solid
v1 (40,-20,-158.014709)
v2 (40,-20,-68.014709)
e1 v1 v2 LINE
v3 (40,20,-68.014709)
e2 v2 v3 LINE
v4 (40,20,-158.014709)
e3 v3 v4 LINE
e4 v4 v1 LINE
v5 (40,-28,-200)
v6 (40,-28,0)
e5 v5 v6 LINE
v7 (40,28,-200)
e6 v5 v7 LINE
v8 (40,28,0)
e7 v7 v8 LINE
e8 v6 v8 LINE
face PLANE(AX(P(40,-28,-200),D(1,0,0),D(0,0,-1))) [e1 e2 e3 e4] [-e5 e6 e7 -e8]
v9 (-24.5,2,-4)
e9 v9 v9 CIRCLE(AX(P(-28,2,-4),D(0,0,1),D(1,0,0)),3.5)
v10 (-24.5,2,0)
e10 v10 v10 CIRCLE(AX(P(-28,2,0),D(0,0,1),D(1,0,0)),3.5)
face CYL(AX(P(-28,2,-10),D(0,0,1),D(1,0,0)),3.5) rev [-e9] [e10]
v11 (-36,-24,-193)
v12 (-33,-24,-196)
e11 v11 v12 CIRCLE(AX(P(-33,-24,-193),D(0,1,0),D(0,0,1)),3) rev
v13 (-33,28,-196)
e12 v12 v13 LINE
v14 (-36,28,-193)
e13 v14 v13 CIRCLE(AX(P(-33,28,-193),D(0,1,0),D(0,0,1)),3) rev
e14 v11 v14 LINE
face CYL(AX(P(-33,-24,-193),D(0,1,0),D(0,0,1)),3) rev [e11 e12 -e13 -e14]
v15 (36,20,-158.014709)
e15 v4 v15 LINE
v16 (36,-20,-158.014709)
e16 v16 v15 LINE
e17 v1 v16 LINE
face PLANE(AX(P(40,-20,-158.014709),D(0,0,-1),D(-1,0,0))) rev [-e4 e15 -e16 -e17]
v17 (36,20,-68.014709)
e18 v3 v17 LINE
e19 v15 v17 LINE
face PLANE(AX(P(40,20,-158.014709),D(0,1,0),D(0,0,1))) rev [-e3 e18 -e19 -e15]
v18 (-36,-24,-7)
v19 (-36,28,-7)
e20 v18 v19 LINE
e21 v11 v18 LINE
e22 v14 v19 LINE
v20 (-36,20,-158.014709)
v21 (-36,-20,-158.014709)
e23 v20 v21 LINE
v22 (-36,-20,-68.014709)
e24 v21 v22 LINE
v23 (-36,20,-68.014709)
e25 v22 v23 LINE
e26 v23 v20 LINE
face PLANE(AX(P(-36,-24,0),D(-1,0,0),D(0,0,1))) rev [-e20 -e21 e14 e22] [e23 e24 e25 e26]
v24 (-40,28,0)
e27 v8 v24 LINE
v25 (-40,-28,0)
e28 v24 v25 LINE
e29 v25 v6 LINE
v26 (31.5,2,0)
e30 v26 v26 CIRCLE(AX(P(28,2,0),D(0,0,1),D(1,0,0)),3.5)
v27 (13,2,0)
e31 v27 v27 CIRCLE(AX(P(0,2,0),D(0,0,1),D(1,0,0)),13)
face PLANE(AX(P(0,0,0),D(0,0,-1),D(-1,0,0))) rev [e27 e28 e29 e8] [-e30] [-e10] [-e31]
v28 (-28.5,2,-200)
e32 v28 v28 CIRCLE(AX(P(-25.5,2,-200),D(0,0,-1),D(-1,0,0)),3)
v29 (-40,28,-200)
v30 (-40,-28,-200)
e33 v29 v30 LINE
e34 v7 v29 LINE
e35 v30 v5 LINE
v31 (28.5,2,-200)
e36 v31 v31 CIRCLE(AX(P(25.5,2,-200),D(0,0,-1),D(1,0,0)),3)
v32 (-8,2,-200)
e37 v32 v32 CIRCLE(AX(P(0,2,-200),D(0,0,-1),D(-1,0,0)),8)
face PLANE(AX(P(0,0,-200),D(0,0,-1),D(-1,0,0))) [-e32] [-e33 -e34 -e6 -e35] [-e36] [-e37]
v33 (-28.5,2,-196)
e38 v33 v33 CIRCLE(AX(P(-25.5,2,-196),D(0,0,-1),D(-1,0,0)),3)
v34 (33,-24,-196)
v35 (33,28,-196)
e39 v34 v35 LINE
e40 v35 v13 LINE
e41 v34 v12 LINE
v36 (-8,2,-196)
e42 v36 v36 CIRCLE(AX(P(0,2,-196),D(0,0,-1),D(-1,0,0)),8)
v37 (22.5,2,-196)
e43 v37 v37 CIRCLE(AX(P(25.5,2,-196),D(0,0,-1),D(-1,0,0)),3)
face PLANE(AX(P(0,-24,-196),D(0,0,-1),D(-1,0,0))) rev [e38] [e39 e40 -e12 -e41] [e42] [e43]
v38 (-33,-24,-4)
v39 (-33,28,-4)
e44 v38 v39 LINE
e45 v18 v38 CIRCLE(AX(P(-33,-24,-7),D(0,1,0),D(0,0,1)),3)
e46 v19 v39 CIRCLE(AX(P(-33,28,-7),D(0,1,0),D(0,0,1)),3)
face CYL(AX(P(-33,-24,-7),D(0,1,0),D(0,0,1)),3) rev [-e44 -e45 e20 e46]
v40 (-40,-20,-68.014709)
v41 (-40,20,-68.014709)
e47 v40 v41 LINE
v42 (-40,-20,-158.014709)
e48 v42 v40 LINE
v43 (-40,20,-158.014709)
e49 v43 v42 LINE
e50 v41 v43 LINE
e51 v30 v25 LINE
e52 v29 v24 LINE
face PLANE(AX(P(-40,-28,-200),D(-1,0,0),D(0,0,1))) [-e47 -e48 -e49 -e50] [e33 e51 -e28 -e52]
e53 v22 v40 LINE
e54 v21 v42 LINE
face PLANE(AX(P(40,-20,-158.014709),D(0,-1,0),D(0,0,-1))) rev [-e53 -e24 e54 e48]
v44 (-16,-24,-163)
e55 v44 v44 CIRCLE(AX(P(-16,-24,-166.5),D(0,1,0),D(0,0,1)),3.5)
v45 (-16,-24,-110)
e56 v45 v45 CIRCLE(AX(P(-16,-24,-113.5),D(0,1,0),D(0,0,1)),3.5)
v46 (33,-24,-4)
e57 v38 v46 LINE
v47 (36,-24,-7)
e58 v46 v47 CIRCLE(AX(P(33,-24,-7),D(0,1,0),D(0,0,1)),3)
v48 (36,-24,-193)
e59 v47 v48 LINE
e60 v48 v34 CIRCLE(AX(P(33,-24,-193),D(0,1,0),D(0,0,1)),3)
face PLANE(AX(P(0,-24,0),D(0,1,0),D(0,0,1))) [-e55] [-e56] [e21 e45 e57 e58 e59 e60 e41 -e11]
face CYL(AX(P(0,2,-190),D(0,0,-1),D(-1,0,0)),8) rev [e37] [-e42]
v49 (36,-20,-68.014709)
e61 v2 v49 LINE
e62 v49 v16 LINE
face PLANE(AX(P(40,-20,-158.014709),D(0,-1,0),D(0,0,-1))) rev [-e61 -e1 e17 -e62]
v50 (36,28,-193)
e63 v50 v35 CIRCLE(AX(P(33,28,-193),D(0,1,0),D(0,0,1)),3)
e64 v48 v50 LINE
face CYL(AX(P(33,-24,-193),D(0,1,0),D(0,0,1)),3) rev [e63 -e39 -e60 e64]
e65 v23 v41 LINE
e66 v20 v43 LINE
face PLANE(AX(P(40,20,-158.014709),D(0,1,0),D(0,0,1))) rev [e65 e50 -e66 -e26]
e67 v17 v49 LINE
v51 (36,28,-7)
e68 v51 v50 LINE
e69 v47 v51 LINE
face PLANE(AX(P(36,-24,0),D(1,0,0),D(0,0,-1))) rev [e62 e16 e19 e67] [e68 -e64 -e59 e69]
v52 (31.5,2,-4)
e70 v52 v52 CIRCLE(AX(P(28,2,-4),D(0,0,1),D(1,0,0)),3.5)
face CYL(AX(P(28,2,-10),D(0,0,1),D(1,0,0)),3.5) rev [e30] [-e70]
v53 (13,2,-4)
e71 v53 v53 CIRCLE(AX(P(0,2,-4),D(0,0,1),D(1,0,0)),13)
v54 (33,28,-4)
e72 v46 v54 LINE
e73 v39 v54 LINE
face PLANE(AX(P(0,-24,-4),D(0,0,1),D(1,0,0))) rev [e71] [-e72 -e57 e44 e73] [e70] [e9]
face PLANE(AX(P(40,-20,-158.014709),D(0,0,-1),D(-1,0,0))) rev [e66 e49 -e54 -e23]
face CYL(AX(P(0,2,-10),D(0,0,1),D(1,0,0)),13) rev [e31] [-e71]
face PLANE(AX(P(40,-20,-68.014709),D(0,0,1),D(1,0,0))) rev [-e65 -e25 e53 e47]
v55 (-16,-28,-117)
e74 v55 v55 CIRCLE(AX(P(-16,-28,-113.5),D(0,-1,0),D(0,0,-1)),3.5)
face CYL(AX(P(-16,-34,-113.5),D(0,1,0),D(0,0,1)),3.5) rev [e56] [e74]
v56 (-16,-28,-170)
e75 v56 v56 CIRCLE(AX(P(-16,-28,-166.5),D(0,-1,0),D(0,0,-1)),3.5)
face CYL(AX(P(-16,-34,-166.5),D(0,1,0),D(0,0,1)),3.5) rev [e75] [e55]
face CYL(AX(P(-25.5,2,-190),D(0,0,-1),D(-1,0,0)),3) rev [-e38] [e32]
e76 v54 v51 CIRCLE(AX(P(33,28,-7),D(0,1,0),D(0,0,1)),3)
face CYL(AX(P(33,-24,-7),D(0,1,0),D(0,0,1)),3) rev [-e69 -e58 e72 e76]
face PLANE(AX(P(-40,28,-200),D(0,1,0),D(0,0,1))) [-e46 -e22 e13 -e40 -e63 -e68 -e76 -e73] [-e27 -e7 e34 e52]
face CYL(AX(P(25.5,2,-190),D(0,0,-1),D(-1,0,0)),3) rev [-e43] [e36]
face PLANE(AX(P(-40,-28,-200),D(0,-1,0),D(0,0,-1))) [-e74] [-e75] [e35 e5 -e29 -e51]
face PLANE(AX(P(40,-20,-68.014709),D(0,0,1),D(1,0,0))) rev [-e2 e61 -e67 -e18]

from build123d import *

# Parameters (mm, degrees)
SKETCH_1_W          = 80
SKETCH_1_H          = 56
EXTRUDE_1_DEPTH     = 200
CUT_EXTRUDE_1_DEPTH = 52
SKETCH_3_R          = 3.5
SKETCH_3_R_2        = 13
CUT_EXTRUDE_2_DEPTH = 10
SKETCH_5_R          = 8
SKETCH_5_R_2        = 3
CUT_EXTRUDE_4_DEPTH = 10
SKETCH_6_R          = 3.500000002
SKETCH_6_R_2        = 3.5
CUT_EXTRUDE_5_DEPTH = 10
SKETCH_7_W          = 90
SKETCH_7_H          = 40
CUT_EXTRUDE_6_DEPTH = 81


with BuildPart() as part:
    # 草图1 → 凸台-拉伸1 (new body)
    with BuildSketch(Plane.XY):
        Rectangle(SKETCH_1_W, SKETCH_1_H)
    extrude(amount=-EXTRUDE_1_DEPTH)

    # 草图2 → 切除-拉伸1 (cut)
    with BuildSketch(Plane(origin=(0, 28, 0), x_dir=(1, 0, 0), z_dir=(0, 1, 0))):
        with BuildLine():
            ThreePointArc((-36, 193), (-35.121320344, 195.121320344), (-33, 196))
            Line((-33, 196), (33, 196))
            ThreePointArc((33, 196), (35.121320344, 195.121320344), (36, 193))
            Line((36, 193), (36, 7))
            ThreePointArc((36, 7), (35.121320344, 4.878679656), (33, 4))
            Line((33, 4), (-33, 4))
            ThreePointArc((-33, 4), (-35.121320344, 4.878679656), (-36, 7))
            Line((-36, 7), (-36, 193))
        make_face()
    extrude(amount=-CUT_EXTRUDE_1_DEPTH, mode=Mode.SUBTRACT)

    # 草图3 → 切除-拉伸2 (cut)
    with BuildSketch(Plane.XY):
        with Locations((-28, 2)):
            Circle(SKETCH_3_R)
        with Locations((0, 2)):
            Circle(SKETCH_3_R_2)
        with Locations((28, 2)):
            Circle(SKETCH_3_R)
    extrude(amount=-CUT_EXTRUDE_2_DEPTH, mode=Mode.SUBTRACT)

    # 草图5 → 切除-拉伸4 (cut)
    with BuildSketch(Plane(origin=(0, 0, -200), x_dir=(-1, 0, 0), z_dir=(0, 0, -1))):
        with Locations((0, 2)):
            Circle(SKETCH_5_R)
        with Locations((25.5, 2)):
            Circle(SKETCH_5_R_2)
        with Locations((-25.5, 2)):
            Circle(SKETCH_5_R_2)
    extrude(amount=-CUT_EXTRUDE_4_DEPTH, mode=Mode.SUBTRACT)

    # 草图6 → 切除-拉伸5 (cut)
    with BuildSketch(Plane(origin=(0, -24, 0), x_dir=(1, 0, 0), z_dir=(0, 1, 0))):
        with Locations((-16, 166.5)):
            Circle(SKETCH_6_R)
        with Locations((-16, 113.5)):
            Circle(SKETCH_6_R_2)
    extrude(amount=-CUT_EXTRUDE_5_DEPTH, mode=Mode.SUBTRACT)

    # 草图7 → 切除-拉伸6 (cut, through all)
    with BuildSketch(Plane.ZY.offset(40)):
        with Locations((-113.014709347, 0)):
            Rectangle(SKETCH_7_W, SKETCH_7_H)
    extrude(amount=-CUT_EXTRUDE_6_DEPTH, mode=Mode.SUBTRACT)


solid = part.part
